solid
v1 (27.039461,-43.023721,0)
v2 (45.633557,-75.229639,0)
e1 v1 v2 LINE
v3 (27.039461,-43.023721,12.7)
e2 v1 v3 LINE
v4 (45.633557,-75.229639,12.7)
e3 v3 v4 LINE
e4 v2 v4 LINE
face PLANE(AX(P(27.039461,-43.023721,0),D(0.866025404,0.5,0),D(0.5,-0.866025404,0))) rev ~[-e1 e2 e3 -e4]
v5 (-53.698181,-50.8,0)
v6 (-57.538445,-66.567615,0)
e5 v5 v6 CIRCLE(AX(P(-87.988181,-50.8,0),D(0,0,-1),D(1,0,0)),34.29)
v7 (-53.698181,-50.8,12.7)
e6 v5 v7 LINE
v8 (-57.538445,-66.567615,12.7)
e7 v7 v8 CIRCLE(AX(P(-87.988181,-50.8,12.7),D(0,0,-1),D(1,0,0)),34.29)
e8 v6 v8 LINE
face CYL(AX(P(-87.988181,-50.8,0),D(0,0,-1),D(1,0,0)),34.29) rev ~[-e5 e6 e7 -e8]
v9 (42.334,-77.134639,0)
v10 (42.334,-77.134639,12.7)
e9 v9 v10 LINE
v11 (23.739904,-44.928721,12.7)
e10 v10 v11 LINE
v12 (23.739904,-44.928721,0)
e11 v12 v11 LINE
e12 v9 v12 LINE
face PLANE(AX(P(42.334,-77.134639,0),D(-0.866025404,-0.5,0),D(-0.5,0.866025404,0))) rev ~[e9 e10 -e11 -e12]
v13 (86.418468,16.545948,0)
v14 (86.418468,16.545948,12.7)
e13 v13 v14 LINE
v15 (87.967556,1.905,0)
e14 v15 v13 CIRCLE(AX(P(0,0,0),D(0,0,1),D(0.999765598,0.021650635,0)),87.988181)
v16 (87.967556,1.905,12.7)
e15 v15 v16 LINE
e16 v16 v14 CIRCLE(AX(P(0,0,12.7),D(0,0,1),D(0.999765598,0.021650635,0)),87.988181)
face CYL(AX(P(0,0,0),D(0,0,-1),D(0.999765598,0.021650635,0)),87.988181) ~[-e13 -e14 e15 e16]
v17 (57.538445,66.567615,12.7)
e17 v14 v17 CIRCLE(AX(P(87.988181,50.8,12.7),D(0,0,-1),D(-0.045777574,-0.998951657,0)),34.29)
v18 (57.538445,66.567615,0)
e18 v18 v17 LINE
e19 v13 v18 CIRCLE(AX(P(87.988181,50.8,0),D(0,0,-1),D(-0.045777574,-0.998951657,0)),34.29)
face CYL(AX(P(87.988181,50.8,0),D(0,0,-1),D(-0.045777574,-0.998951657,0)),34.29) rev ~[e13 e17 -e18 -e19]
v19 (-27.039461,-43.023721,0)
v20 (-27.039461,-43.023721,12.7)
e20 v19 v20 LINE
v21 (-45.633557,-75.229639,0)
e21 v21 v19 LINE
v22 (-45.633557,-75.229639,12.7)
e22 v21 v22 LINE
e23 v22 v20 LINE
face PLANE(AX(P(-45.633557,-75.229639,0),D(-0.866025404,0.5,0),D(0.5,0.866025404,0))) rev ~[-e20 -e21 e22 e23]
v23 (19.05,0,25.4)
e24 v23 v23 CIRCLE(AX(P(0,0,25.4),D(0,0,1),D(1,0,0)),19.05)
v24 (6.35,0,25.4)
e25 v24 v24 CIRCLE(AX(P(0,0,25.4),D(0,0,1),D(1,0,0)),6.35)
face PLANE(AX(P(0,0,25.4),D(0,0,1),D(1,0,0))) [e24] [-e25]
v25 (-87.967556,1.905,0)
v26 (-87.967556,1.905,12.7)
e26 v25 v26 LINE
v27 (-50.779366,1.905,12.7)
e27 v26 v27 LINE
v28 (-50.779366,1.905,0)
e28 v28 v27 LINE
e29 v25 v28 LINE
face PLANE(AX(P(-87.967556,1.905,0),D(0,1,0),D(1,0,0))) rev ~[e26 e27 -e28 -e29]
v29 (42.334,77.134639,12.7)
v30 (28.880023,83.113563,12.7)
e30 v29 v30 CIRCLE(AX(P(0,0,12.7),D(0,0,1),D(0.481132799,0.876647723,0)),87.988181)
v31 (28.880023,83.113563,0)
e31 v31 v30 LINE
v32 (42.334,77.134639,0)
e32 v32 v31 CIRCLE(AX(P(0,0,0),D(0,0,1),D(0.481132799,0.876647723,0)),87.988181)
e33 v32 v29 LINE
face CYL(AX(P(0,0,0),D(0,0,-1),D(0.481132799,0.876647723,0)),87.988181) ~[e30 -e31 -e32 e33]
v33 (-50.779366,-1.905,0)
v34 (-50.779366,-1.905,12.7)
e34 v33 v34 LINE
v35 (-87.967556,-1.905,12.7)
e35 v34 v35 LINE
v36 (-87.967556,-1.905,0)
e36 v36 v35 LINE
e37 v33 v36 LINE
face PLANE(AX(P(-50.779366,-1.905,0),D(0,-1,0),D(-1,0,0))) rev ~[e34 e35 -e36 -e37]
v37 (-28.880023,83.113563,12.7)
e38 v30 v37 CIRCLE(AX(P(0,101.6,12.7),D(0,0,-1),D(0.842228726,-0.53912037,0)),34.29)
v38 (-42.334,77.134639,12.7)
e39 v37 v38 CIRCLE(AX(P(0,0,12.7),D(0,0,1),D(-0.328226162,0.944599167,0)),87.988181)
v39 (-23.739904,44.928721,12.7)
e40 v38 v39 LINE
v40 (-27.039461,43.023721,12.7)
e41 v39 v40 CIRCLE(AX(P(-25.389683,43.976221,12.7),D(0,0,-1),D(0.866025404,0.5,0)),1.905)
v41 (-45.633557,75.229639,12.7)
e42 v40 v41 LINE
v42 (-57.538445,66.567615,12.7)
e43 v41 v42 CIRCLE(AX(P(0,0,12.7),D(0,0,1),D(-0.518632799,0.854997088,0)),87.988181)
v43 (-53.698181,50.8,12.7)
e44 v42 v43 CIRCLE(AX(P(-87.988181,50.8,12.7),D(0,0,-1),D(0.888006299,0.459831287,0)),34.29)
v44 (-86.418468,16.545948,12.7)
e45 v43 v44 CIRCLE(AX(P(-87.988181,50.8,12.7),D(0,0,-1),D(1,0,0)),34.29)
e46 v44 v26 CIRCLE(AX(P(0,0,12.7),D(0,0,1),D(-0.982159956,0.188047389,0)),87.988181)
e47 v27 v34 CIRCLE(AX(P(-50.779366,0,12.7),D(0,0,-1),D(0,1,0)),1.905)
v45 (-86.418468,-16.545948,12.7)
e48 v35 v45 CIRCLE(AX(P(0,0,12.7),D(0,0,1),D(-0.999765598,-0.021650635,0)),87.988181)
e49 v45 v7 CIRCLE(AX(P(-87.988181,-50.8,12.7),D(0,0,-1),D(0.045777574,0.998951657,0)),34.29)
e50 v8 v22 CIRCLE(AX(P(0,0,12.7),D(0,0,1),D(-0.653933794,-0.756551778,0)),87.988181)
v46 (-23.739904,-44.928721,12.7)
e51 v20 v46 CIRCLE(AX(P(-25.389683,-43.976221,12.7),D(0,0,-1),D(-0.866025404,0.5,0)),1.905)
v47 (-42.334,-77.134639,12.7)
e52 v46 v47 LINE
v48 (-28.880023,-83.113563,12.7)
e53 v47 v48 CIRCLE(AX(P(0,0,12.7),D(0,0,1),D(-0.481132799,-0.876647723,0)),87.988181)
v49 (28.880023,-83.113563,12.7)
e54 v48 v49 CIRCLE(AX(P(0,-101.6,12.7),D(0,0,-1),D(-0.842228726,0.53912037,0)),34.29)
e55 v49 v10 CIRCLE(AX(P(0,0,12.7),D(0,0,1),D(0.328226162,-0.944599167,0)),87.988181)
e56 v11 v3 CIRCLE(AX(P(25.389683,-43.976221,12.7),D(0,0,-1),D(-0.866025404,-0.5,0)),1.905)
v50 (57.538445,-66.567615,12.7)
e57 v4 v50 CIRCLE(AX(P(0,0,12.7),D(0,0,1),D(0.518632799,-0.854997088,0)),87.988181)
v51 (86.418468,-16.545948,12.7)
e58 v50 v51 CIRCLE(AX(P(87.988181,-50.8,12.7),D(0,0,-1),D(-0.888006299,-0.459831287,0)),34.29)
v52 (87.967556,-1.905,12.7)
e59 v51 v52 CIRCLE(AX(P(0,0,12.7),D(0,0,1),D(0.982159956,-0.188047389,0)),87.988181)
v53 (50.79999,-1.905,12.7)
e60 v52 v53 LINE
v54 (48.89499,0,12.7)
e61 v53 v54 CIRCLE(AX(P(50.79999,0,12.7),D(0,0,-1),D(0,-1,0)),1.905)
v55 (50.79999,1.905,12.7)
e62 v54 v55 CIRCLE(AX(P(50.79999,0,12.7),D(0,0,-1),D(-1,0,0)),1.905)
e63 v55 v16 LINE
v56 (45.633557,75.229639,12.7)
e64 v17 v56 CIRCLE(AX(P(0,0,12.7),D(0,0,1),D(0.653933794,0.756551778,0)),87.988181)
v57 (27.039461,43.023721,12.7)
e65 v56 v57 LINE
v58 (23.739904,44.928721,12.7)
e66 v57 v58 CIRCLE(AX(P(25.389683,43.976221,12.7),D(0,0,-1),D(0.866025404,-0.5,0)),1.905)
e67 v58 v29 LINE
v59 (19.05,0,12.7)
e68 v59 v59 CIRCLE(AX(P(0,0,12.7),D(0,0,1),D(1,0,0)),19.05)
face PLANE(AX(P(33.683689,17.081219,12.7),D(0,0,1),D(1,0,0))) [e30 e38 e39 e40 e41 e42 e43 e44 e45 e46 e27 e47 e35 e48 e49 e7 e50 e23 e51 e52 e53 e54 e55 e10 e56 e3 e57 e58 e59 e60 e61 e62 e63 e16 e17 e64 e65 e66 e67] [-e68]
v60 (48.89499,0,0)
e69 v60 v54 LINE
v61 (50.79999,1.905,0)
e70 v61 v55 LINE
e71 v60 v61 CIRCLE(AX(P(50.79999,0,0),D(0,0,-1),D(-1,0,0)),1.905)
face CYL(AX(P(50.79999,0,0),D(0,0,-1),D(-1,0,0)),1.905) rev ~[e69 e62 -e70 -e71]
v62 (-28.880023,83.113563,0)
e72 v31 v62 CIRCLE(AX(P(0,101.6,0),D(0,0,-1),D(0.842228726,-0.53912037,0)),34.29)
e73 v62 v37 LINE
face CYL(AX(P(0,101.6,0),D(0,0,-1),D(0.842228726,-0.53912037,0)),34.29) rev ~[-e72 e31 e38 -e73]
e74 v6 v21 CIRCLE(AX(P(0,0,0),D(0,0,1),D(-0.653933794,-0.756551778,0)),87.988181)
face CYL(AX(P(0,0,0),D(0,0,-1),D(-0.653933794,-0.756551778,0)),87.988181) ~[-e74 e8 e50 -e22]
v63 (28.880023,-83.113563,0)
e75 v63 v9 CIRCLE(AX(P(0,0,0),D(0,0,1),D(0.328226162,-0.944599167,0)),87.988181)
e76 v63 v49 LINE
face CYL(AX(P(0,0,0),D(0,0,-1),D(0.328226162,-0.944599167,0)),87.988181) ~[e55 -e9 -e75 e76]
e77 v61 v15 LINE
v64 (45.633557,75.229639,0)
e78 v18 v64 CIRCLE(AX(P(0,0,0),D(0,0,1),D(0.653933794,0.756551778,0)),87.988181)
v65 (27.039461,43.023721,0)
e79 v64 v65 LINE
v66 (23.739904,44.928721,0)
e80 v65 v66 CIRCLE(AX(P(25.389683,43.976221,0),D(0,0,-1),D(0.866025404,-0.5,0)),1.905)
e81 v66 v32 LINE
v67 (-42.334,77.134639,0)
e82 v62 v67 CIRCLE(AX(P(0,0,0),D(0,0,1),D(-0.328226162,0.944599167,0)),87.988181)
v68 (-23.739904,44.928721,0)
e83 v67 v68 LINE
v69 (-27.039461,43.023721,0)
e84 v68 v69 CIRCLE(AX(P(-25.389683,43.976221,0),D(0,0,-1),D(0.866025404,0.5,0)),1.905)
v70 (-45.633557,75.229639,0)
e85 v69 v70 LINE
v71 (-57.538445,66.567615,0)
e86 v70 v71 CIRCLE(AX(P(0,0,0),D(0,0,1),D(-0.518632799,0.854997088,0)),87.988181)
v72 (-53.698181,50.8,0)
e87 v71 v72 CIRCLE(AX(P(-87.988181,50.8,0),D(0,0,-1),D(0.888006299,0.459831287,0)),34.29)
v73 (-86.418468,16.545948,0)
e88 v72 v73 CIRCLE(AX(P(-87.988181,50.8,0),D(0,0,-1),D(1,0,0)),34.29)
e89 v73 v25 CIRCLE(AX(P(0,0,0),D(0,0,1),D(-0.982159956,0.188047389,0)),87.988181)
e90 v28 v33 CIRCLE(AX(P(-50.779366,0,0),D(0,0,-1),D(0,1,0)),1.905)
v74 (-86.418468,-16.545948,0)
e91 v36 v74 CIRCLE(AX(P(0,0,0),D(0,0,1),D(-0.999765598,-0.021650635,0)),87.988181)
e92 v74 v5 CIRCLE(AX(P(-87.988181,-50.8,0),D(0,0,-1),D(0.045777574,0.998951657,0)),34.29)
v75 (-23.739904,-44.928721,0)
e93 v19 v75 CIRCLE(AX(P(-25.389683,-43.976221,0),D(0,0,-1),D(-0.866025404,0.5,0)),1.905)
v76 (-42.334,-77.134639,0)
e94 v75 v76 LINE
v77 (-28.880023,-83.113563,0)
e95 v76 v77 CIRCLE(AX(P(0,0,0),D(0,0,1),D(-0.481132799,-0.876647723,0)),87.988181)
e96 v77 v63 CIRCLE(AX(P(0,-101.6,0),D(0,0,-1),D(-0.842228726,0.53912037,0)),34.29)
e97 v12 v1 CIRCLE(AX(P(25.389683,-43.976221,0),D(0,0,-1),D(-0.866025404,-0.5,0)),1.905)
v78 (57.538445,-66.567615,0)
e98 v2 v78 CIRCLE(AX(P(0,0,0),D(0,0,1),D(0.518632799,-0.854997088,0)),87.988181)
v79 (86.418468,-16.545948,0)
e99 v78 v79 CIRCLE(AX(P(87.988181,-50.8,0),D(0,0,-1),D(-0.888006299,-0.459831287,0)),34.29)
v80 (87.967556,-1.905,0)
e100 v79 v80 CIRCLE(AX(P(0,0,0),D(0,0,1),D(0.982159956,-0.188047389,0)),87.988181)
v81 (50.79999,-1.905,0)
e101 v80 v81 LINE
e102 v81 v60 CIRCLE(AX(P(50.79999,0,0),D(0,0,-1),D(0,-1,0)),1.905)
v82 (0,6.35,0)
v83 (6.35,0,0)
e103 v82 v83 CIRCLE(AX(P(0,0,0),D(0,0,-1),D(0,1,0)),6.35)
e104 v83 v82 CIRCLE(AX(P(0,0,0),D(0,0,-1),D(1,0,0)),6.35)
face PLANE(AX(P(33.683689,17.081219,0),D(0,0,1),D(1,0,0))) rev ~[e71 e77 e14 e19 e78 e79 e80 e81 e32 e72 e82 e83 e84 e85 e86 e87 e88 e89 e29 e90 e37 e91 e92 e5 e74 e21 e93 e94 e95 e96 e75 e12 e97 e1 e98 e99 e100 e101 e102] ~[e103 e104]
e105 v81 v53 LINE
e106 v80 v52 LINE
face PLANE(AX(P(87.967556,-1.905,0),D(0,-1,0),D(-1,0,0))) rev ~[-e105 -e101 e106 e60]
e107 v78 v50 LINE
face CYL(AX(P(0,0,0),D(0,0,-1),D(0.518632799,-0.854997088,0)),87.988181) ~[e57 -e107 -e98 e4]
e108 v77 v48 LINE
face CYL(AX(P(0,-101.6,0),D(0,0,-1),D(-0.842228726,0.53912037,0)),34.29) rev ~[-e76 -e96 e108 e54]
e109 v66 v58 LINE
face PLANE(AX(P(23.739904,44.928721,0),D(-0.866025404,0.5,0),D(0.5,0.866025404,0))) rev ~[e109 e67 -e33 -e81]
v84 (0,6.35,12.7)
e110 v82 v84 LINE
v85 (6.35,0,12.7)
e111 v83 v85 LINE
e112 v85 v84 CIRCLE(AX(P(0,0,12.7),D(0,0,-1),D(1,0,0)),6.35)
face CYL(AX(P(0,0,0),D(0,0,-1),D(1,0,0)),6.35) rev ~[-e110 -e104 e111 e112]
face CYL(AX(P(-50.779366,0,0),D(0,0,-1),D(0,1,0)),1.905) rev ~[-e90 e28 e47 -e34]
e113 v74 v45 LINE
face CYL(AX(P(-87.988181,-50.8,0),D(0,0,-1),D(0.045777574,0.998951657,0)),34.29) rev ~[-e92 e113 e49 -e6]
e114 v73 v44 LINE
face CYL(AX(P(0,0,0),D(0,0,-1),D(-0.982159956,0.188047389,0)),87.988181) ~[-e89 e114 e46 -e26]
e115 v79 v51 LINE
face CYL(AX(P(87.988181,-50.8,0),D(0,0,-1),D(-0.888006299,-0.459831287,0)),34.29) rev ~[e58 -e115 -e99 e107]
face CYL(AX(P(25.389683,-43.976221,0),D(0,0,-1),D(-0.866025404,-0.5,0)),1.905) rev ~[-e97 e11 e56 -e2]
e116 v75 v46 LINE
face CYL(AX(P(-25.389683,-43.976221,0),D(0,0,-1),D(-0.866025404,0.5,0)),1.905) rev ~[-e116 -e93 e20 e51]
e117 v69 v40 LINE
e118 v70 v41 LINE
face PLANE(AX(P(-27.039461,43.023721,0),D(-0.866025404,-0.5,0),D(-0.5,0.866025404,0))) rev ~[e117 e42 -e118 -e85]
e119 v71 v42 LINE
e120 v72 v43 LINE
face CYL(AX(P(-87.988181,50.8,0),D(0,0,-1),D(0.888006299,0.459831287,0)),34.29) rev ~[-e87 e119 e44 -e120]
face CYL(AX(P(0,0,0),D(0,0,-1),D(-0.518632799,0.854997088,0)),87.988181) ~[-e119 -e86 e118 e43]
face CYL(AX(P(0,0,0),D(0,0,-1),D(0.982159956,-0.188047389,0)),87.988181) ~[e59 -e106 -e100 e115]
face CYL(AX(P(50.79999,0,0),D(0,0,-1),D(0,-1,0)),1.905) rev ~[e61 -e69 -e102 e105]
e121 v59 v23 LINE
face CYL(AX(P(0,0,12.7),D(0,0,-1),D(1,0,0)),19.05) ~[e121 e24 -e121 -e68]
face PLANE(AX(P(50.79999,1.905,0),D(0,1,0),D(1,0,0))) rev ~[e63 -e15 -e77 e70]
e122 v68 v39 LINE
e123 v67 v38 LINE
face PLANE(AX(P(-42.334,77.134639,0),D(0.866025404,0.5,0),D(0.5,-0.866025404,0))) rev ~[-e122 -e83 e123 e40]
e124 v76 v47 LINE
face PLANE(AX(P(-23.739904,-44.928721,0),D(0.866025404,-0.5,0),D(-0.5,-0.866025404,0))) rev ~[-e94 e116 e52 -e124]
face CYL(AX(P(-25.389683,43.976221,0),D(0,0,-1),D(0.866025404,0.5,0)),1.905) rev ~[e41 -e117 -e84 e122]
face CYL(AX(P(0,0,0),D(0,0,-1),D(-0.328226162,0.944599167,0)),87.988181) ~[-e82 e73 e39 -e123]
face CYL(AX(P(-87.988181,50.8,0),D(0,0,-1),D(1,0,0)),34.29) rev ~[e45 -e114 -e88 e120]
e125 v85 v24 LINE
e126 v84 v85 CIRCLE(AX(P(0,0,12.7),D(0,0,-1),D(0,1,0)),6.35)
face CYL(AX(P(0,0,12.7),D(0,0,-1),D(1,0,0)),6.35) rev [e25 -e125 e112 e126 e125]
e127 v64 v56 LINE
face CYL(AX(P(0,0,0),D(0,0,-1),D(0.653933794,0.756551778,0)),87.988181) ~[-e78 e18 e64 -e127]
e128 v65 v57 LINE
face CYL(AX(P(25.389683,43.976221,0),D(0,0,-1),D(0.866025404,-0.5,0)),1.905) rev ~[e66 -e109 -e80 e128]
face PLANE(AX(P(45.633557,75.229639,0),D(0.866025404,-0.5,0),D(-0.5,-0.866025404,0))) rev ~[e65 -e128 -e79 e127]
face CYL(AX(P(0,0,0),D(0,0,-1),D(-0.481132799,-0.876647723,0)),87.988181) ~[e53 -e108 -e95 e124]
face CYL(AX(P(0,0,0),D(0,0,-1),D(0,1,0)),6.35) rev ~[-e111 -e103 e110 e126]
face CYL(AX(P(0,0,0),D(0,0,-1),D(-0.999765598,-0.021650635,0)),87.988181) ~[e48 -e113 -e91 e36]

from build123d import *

# Parameters (mm, degrees)
F1_DEPTH = 12.7
F2_R     = 19.05
F2_R_2   = 6.35
F3_DEPTH = 12.7


with BuildPart() as f1:
    # F0 (on Top) → F1 (new body)
    with BuildSketch(Plane.XY):
        with BuildLine():
            Line((84.6886242361, 1.905), (0, 50.8))
            Line((0, 50.8), (0, 6.35))
            ThreePointArc((0, 6.35), (4.4901280605, 4.4901280605), (6.35, 0))
            Line((6.35, 0), (48.8949902245, 0))
            ThreePointArc((48.8949902245, 0), (49.4529518063, 1.3470384182), (50.7999902245, 1.905))
            Line((50.7999902245, 1.905), (84.6886242361, 1.905))
        make_face()
        with BuildLine():
            Line((0, 6.35), (0, 50.8))
            Line((0, 50.8), (84.6886242361, 1.905))
            Line((84.6886242361, 1.905), (87.9675563773, 1.905))
            ThreePointArc((87.9675563773, 1.905), (87.4997755074, 9.2579309865), (86.4184680247, 16.545947669))
            ThreePointArc((86.4184680247, 16.545947669), (58.2921699287, 33.655), (57.5384450233, 66.567614831))
            ThreePointArc((57.5384450234, 66.567614831), (51.7674911745, 71.1480629216), (45.6335565829, 75.2296385316))
            Line((45.6335565829, 75.2296385316), (27.0394611829, 43.023720578))
            ThreePointArc((27.0394611829, 43.023720578), (24.4371827887, 42.3264421838), (23.7399043945, 44.928720578))
            Line((23.7399043945, 44.928720578), (42.3339997945, 77.1346385316))
            ThreePointArc((42.3339997945, 77.1346385316), (35.7322843329, 80.4059939081), (28.8800230014, 83.1135625))
            ThreePointArc((28.8800230014, 83.1135625), (0, 67.31), (-28.8800230014, 83.1135625))
            ThreePointArc((-28.8800230014, 83.1135625), (-35.7322843329, 80.4059939081), (-42.3339997945, 77.1346385316))
            Line((-42.3339997945, 77.1346385316), (-23.7399043945, 44.928720578))
            ThreePointArc((-23.7399043945, 44.928720578), (-24.4371827887, 42.3264421838), (-27.0394611829, 43.023720578))
            Line((-27.0394611829, 43.023720578), (-45.6335565829, 75.2296385316))
            ThreePointArc((-45.6335565829, 75.2296385316), (-51.7674911745, 71.1480629216), (-57.5384450234, 66.567614831))
            ThreePointArc((-57.5384450233, 66.567614831), (-54.6720772046, 58.9142668344), (-53.6981810245, 50.8))
            ThreePointArc((-53.6981810245, 50.8), (-63.1927221785, 27.1147868783), (-86.4184680247, 16.545947669))
            ThreePointArc((-86.4184680247, 16.545947669), (-87.4997755074, 9.2579309865), (-87.9675563773, 1.905))
            Line((-87.9675563773, 1.905), (-50.7793655773, 1.905))
            ThreePointArc((-50.7793655773, 1.905), (-48.8743655773, 0), (-50.7793655773, -1.905))
            Line((-50.7793655773, -1.905), (-87.9675563773, -1.905))
            ThreePointArc((-87.9675563773, -1.905), (-87.4997755074, -9.2579309865), (-86.4184680247, -16.545947669))
            ThreePointArc((-86.4184680247, -16.545947669), (-63.1927221785, -27.1147868783), (-53.6981810245, -50.8))
            ThreePointArc((-53.6981810245, -50.8), (-54.6720772046, -58.9142668344), (-57.5384450233, -66.567614831))
            ThreePointArc((-57.5384450234, -66.567614831), (-51.7674911745, -71.1480629216), (-45.6335565829, -75.2296385316))
            Line((-45.6335565829, -75.2296385316), (-27.0394611829, -43.023720578))
            ThreePointArc((-27.0394611829, -43.023720578), (-24.4371827887, -42.3264421838), (-23.7399043945, -44.928720578))
            Line((-23.7399043945, -44.928720578), (-42.3339997945, -77.1346385316))
            ThreePointArc((-42.3339997945, -77.1346385316), (-35.7322843329, -80.4059939081), (-28.8800230014, -83.1135625))
            ThreePointArc((-28.8800230014, -83.1135625), (0, -67.31), (28.8800230014, -83.1135625))
            ThreePointArc((28.8800230014, -83.1135625), (35.7322843329, -80.4059939081), (42.3339997945, -77.1346385316))
            Line((42.3339997945, -77.1346385316), (23.7399043945, -44.928720578))
            ThreePointArc((23.7399043945, -44.928720578), (24.4371827887, -42.3264421838), (27.0394611829, -43.023720578))
            Line((27.0394611829, -43.023720578), (45.6335565829, -75.2296385316))
            ThreePointArc((45.6335565829, -75.2296385316), (51.7674911745, -71.1480629216), (57.5384450234, -66.567614831))
            ThreePointArc((57.5384450233, -66.567614831), (58.2921699287, -33.655), (86.4184680247, -16.545947669))
            ThreePointArc((86.4184680247, -16.545947669), (87.4997755074, -9.2579309865), (87.9675563773, -1.905))
            Line((87.9675563773, -1.905), (50.7999902245, -1.905))
            ThreePointArc((50.7999902245, -1.905), (49.4529518063, -1.3470384182), (48.8949902245, 0))
            Line((48.8949902245, 0), (6.35, 0))
            ThreePointArc((6.35, 0), (-4.4901280605, -4.4901280605), (0, 6.35))
        make_face()
    extrude(amount=F1_DEPTH)

    # F2 (on face) → F3 (join)
    with BuildSketch(Plane.XY.offset(12.7)):
        Circle(F2_R)
        Circle(F2_R_2, mode=Mode.SUBTRACT)
    extrude(amount=F3_DEPTH)


solid = f1.part
